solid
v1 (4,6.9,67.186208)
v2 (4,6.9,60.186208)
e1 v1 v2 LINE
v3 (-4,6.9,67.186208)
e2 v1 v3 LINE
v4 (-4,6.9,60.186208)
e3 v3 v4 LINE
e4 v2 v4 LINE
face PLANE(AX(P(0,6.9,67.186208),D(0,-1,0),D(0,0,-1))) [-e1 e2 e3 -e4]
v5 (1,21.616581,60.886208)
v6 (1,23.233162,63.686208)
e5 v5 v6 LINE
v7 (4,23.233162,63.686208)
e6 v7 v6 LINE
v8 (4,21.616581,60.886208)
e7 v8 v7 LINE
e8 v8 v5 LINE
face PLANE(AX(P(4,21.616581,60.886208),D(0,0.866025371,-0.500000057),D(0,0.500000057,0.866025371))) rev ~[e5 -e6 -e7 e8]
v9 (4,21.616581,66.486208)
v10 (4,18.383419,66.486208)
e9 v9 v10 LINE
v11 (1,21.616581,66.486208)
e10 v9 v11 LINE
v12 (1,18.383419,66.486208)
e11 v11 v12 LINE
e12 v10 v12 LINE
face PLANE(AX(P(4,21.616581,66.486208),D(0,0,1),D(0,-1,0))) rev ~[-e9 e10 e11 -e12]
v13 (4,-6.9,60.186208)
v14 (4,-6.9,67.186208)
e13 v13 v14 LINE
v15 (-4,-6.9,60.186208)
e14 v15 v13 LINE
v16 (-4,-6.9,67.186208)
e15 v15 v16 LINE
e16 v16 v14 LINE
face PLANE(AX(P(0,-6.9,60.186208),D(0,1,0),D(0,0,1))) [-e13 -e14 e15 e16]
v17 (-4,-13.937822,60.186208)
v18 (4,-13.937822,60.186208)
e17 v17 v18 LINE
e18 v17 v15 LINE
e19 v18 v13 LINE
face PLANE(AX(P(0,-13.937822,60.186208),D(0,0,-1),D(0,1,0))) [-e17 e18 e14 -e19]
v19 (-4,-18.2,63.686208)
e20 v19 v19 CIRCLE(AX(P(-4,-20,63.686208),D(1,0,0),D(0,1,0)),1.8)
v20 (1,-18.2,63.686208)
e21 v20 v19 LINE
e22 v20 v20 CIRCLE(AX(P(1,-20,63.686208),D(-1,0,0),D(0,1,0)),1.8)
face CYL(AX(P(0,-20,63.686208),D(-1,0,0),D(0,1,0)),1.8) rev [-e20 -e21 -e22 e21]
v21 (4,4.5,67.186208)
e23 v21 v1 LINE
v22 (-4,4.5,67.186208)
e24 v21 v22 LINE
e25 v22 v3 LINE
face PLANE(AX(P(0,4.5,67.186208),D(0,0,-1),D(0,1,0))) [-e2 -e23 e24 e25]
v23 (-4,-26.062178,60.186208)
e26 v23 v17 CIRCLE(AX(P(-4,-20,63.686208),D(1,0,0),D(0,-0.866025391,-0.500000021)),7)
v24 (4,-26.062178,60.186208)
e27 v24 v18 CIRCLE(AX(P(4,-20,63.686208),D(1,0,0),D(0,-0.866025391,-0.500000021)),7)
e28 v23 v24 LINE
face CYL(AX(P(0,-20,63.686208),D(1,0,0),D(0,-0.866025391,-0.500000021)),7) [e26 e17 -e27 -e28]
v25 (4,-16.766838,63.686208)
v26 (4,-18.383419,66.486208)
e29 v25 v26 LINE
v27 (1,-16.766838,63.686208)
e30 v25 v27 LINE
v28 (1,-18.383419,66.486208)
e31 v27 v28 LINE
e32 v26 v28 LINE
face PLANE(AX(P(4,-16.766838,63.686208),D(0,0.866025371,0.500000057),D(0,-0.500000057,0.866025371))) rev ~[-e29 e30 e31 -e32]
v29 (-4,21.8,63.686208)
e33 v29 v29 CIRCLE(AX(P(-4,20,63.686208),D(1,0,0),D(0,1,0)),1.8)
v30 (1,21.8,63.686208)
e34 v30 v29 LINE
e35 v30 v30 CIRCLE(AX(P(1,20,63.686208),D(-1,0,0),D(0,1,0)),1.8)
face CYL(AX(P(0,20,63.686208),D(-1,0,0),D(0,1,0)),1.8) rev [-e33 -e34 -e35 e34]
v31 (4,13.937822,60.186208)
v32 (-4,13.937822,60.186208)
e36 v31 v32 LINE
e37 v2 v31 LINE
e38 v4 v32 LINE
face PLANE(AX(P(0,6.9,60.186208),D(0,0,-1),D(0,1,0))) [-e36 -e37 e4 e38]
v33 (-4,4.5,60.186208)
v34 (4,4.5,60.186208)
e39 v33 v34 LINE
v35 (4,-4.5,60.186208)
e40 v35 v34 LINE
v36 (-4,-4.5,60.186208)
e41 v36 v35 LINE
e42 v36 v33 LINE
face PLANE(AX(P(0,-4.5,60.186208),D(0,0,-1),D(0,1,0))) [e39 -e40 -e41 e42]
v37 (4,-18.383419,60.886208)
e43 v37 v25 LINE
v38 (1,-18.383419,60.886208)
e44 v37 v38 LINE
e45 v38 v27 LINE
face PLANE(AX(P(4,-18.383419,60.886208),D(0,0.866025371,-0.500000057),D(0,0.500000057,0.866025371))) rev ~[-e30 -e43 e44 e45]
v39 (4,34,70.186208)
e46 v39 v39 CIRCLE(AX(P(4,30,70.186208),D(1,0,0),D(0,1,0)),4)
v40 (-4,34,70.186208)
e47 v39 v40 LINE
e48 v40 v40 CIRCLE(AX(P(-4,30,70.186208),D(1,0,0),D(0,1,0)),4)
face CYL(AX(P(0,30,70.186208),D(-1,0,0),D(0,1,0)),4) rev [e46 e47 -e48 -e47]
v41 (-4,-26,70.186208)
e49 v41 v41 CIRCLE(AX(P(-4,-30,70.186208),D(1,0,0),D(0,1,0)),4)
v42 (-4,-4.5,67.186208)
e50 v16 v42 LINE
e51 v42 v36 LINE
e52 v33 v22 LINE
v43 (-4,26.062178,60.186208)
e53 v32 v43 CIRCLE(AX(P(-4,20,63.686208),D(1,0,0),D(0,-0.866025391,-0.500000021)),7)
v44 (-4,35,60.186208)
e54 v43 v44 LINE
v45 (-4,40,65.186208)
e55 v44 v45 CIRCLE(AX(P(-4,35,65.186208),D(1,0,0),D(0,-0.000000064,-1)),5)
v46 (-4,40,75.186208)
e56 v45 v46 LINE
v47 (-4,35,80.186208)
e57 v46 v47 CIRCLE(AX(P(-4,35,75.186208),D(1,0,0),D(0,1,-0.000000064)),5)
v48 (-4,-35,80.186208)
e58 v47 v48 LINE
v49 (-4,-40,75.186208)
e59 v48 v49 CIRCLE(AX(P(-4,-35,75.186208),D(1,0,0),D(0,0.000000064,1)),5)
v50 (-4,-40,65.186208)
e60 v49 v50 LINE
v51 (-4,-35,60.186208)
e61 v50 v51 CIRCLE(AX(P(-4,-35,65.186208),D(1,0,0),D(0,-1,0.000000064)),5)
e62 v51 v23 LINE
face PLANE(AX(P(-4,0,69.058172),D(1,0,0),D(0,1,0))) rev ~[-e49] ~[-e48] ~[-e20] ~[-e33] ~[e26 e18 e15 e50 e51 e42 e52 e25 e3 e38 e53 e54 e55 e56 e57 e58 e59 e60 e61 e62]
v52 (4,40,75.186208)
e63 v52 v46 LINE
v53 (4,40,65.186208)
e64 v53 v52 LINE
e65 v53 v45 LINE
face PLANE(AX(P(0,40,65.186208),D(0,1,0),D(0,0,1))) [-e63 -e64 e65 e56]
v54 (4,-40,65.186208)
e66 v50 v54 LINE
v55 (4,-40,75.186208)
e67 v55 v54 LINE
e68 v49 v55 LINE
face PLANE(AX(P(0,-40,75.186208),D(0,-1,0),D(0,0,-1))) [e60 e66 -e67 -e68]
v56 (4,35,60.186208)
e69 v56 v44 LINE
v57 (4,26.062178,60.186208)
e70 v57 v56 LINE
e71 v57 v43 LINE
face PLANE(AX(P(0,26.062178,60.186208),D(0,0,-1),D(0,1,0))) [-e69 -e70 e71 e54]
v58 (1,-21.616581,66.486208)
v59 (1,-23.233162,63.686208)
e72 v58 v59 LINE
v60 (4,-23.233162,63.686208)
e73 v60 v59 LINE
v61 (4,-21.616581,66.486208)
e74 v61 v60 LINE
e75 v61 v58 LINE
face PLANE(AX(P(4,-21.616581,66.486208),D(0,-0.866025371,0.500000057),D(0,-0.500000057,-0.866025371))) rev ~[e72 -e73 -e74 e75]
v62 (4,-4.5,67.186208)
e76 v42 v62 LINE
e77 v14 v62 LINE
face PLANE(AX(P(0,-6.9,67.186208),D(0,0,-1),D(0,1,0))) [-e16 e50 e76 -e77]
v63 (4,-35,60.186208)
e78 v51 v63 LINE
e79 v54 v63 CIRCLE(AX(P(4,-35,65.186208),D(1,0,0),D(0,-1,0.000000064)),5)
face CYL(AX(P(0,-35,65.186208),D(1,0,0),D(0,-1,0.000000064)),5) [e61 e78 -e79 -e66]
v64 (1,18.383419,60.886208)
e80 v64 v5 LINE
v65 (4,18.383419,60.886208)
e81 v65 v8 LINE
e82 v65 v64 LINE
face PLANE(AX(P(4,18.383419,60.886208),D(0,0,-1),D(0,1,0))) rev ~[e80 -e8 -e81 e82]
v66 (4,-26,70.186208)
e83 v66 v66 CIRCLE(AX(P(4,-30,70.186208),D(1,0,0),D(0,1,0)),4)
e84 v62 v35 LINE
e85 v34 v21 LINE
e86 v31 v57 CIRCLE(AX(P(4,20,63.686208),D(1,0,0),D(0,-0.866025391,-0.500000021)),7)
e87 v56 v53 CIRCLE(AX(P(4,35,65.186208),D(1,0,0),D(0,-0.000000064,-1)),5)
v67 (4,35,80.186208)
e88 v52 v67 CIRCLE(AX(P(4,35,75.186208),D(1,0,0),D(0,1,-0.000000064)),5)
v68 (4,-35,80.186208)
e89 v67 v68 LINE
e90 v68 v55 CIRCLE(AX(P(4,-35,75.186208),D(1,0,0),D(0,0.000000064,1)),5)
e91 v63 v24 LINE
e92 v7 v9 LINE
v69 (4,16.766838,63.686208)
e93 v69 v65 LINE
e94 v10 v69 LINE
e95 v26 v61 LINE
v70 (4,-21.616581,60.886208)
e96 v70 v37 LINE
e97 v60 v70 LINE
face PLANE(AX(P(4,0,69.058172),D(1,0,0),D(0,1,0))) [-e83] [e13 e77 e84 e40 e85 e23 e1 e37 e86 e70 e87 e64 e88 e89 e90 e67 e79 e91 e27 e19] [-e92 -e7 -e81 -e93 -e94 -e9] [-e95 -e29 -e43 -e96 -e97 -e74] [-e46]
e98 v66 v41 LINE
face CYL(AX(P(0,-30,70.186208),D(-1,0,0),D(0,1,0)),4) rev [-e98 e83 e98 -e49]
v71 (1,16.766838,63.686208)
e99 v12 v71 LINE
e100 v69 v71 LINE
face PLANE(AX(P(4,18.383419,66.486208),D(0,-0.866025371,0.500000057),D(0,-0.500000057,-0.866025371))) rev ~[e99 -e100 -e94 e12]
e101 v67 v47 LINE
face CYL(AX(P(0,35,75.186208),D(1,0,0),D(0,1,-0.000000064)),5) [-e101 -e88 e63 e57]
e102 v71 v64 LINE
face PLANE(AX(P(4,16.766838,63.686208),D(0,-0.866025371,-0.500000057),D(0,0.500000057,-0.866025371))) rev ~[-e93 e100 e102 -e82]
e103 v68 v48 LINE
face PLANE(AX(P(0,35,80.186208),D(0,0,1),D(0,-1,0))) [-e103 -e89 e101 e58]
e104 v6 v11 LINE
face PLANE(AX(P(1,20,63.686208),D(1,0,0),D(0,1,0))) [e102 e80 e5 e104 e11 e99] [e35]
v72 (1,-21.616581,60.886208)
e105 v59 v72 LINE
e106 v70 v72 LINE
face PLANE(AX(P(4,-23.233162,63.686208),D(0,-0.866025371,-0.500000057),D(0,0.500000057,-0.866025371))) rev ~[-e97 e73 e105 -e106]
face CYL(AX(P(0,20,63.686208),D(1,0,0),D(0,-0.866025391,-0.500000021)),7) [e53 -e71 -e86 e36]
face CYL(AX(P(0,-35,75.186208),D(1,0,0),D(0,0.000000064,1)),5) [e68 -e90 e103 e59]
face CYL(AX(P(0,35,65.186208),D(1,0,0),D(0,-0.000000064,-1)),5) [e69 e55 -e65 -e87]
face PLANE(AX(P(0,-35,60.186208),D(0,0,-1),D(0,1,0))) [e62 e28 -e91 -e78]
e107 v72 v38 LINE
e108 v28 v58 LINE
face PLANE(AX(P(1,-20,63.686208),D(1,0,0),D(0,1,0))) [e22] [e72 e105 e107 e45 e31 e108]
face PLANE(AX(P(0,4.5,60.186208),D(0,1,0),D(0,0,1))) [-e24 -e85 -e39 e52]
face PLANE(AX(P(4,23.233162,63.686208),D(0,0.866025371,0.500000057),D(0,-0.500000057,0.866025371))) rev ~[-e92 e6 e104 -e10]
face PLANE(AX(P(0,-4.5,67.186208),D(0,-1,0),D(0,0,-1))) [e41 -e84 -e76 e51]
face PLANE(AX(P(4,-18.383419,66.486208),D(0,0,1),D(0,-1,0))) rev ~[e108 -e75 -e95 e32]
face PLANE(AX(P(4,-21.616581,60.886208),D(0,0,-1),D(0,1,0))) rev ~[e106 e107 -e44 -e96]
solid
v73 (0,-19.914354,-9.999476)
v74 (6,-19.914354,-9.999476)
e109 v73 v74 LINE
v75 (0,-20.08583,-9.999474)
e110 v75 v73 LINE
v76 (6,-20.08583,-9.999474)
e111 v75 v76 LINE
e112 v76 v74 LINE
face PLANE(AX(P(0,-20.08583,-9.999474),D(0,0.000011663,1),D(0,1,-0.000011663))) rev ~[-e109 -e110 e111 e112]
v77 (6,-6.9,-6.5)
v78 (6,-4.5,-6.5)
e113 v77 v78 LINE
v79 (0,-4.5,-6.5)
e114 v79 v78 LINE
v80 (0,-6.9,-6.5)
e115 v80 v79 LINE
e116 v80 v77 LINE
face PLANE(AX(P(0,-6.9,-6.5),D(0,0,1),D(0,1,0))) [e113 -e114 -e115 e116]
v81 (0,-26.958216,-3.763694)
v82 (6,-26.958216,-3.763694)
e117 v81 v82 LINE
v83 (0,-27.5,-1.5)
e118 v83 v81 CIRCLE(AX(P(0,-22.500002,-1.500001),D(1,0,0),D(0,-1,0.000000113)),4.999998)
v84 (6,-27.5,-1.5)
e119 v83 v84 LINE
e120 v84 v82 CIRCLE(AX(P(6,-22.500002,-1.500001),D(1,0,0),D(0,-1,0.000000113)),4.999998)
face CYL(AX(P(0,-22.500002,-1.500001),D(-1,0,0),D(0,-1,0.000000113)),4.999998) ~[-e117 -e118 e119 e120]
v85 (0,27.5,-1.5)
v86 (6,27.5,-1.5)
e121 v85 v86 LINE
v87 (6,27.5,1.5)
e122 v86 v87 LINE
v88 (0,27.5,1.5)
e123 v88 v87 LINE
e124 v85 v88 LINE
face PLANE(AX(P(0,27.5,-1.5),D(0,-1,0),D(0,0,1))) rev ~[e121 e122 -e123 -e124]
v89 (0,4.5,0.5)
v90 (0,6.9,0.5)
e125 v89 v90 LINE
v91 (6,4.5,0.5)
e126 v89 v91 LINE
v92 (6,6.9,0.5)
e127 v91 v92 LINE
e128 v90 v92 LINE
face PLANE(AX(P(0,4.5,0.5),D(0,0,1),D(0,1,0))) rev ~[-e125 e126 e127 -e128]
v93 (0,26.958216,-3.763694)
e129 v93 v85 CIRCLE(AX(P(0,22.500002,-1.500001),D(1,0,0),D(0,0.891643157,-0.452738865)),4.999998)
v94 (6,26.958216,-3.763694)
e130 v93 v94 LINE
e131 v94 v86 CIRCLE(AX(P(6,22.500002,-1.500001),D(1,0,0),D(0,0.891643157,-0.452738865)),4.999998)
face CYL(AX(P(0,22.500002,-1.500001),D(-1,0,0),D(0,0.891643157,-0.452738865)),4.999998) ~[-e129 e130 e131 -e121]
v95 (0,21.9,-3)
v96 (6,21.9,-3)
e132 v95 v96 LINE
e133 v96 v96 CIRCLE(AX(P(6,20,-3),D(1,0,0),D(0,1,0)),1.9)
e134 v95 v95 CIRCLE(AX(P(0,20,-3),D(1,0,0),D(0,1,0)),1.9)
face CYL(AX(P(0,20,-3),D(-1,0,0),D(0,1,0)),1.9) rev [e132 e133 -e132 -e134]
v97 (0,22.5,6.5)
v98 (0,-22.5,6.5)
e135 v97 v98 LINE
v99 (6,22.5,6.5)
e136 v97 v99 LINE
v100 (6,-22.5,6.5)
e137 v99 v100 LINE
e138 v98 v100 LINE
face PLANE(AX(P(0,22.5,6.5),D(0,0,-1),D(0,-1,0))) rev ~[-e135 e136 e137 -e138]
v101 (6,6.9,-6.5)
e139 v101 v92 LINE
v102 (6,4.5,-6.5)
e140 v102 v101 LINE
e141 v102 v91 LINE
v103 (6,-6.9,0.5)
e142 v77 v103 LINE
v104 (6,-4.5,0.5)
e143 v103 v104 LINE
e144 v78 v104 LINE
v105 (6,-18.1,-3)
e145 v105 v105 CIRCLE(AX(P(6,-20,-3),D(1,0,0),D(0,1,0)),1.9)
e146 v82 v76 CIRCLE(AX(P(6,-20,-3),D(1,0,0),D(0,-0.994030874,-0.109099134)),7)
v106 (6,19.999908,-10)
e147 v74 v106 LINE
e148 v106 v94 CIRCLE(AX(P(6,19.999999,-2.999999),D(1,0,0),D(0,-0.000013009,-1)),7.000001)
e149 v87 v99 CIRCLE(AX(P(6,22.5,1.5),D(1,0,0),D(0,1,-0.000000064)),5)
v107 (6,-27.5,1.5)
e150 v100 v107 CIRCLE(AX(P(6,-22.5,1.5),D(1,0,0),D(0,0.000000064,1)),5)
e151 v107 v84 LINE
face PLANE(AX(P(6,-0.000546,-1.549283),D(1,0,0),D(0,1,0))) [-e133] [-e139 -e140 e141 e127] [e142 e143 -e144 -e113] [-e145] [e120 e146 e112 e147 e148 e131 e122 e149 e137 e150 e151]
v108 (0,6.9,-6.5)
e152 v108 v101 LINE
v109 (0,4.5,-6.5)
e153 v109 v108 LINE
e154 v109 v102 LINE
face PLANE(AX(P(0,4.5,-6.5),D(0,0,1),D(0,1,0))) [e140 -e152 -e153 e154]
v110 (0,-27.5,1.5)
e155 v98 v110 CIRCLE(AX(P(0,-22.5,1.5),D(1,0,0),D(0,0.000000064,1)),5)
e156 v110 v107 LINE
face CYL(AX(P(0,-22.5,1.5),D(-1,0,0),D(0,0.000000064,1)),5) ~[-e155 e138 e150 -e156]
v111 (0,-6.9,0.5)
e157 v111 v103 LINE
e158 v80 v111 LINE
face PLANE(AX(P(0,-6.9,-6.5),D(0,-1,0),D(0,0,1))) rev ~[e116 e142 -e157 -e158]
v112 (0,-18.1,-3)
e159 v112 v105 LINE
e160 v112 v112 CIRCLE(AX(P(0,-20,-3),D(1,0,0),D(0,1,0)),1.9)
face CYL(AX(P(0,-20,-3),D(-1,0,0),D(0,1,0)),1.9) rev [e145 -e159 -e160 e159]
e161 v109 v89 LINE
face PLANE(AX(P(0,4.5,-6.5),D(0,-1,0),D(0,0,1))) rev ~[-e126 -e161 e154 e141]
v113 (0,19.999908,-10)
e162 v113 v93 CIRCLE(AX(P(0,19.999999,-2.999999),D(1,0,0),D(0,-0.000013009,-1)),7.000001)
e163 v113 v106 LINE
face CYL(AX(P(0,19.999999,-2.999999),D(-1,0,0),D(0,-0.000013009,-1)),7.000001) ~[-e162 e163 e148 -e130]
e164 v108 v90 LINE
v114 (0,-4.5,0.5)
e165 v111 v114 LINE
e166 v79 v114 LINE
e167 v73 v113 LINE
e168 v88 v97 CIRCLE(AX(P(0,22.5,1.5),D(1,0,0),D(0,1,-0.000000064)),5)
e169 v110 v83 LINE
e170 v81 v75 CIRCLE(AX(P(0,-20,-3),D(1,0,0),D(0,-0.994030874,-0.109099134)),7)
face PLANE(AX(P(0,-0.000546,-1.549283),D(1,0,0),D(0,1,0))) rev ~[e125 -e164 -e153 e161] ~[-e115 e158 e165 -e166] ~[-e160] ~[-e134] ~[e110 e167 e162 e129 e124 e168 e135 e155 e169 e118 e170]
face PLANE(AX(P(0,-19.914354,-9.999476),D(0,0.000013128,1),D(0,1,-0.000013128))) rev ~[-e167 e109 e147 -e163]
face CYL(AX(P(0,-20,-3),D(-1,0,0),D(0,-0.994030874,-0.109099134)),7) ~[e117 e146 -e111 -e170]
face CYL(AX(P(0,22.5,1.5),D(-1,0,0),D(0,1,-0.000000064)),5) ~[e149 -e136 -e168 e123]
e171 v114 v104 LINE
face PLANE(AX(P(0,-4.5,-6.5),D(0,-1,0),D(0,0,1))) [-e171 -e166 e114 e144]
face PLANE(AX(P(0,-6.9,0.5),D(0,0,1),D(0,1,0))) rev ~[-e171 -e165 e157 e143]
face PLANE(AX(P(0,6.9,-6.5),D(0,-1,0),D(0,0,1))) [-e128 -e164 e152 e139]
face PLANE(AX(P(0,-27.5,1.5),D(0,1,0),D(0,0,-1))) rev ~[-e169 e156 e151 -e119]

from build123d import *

# Parameters (mm, degrees)
F1_DEPTH = 4
F2_R     = 1.4
F3_DEPTH = 13
F4_R     = 1.8
F4_R_2   = 4
F5_DEPTH = 4
F7_DEPTH = 3
F8_R     = 1.9
F8_W     = 2.4
F8_H     = 7
F9_DEPTH = 6


with BuildPart() as f1:
    # F0 (on Right) → F1 (new body, symmetric)
    with BuildSketch(Plane.YZ):
        with BuildLine():
            Line((11, 25), (-11, 25))
            Line((-11, 25), (-11, 10))
            ThreePointArc((-11, 10), (-10.414214, 8.585786), (-9, 8))
            Line((-9, 8), (9, 8))
            ThreePointArc((9, 8), (10.414214, 8.585786), (11, 10))
            Line((11, 10), (11, 25))
        make_face()
    extrude(amount=F1_DEPTH, both=True)

    # F2 (on face) → F3 (cut)
    with BuildSketch(Plane.XY.offset(25)):
        with Locations((0, 30)):
            Circle(F2_R)
        with Locations((0, 24)):
            Circle(F2_R)
        with Locations((0, -24)):
            Circle(F2_R)
        with Locations((0, -30)):
            Circle(F2_R)
    extrude(amount=-F3_DEPTH, mode=Mode.SUBTRACT)


with BuildPart() as f5:
    # F4 (on Right) → F5 (new body, symmetric)
    with BuildSketch(Plane.YZ):
        with BuildLine():
            Line((-11, 80.186208), (-35, 80.186208))
            ThreePointArc((-35, 80.186208), (-38.535534, 78.721742), (-40, 75.186208))
            Line((-40, 75.186208), (-40, 65.186208))
            ThreePointArc((-40, 65.186208), (-38.535534, 61.650674), (-35, 60.186208))
            Line((-35, 60.186208), (-26.062178, 60.186208))
            ThreePointArc((-26.062178, 60.186208), (-20, 56.686208), (-13.937822, 60.186208))
            Line((-13.937822, 60.186208), (-6.9, 60.186208))
            Line((-6.9, 60.186208), (-6.9, 67.186208))
            Line((-6.9, 67.186208), (-4.5, 67.186208))
            Line((-4.5, 67.186208), (-4.5, 60.186208))
            Line((-4.5, 60.186208), (4.5, 60.186208))
            Line((4.5, 60.186208), (4.5, 67.186208))
            Line((4.5, 67.186208), (6.9, 67.186208))
            Line((6.9, 67.186208), (6.9, 60.186208))
            Line((6.9, 60.186208), (13.937822, 60.186208))
            ThreePointArc((13.937822, 60.186208), (20, 56.686208), (26.062178, 60.186208))
            Line((26.062178, 60.186208), (35, 60.186208))
            ThreePointArc((35, 60.186208), (38.535534, 61.650674), (40, 65.186208))
            Line((40, 65.186208), (40, 75.186208))
            ThreePointArc((40, 75.186208), (38.535534, 78.721742), (35, 80.186208))
            Line((35, 80.186208), (11, 80.186208))
            Line((11, 80.186208), (-11, 80.186208))
        make_face()
        with Locations((-20, 63.686208)):
            Circle(F4_R, mode=Mode.SUBTRACT)
        with Locations((20, 63.686208)):
            Circle(F4_R, mode=Mode.SUBTRACT)
        with Locations((-30, 70.186208)):
            Circle(F4_R_2, mode=Mode.SUBTRACT)
        with Locations((30, 70.186208)):
            Circle(F4_R_2, mode=Mode.SUBTRACT)
    extrude(amount=F5_DEPTH, both=True)

    # F6 (on face) → F7 (cut)
    with BuildSketch(Plane.YZ.offset(4)):
        Polygon((21.616581, 66.486208), (18.383419, 66.486208), (16.766838, 63.686208), (18.383419, 60.886208), (21.616581, 60.886208), (23.233162, 63.686208), align=None)
        Polygon((-18.383419, 66.486208), (-21.616581, 66.486208), (-23.233162, 63.686208), (-21.616581, 60.886208), (-18.383419, 60.886208), (-16.766838, 63.686208), align=None)
    extrude(amount=-F7_DEPTH, mode=Mode.SUBTRACT)


with BuildPart() as f9:
    # F8 (on Right) → F9 (new body)
    with BuildSketch(Plane.YZ):
        with BuildLine():
            Line((22.5, 6.5), (-22.5, 6.5))
            ThreePointArc((-22.5, 6.5), (-26.035534, 5.035534), (-27.5, 1.5))
            Line((-27.5, 1.5), (-27.5, -1.5))
            ThreePointArc((-27.5, -1.5), (-27.362668, -2.663813), (-26.958216, -3.763694))
            ThreePointArc((-26.958216, -3.763694), (-24.703816, -8.184025), (-20.08583, -9.999474))
            Line((-20.08583, -9.999474), (-19.914354, -9.999476))
            Line((-19.914354, -9.999476), (19.999908, -10))
            ThreePointArc((19.999908, -10), (24.671911, -8.212796), (26.958216, -3.763694))
            ThreePointArc((26.958216, -3.763694), (27.362668, -2.663813), (27.5, -1.5))
            Line((27.5, -1.5), (27.5, 1.5))
            ThreePointArc((27.5, 1.5), (26.035534, 5.035534), (22.5, 6.5))
        make_face()
        with Locations((-20, -3)):
            Circle(F8_R, mode=Mode.SUBTRACT)
        with Locations((-5.7, -3)):
            Rectangle(F8_W, F8_H, mode=Mode.SUBTRACT)
        with Locations((5.7, -3)):
            Rectangle(F8_W, F8_H, mode=Mode.SUBTRACT)
        with Locations((20, -3)):
            Circle(F8_R, mode=Mode.SUBTRACT)
    extrude(amount=F9_DEPTH)


solid = Compound([f5.part, f9.part])
